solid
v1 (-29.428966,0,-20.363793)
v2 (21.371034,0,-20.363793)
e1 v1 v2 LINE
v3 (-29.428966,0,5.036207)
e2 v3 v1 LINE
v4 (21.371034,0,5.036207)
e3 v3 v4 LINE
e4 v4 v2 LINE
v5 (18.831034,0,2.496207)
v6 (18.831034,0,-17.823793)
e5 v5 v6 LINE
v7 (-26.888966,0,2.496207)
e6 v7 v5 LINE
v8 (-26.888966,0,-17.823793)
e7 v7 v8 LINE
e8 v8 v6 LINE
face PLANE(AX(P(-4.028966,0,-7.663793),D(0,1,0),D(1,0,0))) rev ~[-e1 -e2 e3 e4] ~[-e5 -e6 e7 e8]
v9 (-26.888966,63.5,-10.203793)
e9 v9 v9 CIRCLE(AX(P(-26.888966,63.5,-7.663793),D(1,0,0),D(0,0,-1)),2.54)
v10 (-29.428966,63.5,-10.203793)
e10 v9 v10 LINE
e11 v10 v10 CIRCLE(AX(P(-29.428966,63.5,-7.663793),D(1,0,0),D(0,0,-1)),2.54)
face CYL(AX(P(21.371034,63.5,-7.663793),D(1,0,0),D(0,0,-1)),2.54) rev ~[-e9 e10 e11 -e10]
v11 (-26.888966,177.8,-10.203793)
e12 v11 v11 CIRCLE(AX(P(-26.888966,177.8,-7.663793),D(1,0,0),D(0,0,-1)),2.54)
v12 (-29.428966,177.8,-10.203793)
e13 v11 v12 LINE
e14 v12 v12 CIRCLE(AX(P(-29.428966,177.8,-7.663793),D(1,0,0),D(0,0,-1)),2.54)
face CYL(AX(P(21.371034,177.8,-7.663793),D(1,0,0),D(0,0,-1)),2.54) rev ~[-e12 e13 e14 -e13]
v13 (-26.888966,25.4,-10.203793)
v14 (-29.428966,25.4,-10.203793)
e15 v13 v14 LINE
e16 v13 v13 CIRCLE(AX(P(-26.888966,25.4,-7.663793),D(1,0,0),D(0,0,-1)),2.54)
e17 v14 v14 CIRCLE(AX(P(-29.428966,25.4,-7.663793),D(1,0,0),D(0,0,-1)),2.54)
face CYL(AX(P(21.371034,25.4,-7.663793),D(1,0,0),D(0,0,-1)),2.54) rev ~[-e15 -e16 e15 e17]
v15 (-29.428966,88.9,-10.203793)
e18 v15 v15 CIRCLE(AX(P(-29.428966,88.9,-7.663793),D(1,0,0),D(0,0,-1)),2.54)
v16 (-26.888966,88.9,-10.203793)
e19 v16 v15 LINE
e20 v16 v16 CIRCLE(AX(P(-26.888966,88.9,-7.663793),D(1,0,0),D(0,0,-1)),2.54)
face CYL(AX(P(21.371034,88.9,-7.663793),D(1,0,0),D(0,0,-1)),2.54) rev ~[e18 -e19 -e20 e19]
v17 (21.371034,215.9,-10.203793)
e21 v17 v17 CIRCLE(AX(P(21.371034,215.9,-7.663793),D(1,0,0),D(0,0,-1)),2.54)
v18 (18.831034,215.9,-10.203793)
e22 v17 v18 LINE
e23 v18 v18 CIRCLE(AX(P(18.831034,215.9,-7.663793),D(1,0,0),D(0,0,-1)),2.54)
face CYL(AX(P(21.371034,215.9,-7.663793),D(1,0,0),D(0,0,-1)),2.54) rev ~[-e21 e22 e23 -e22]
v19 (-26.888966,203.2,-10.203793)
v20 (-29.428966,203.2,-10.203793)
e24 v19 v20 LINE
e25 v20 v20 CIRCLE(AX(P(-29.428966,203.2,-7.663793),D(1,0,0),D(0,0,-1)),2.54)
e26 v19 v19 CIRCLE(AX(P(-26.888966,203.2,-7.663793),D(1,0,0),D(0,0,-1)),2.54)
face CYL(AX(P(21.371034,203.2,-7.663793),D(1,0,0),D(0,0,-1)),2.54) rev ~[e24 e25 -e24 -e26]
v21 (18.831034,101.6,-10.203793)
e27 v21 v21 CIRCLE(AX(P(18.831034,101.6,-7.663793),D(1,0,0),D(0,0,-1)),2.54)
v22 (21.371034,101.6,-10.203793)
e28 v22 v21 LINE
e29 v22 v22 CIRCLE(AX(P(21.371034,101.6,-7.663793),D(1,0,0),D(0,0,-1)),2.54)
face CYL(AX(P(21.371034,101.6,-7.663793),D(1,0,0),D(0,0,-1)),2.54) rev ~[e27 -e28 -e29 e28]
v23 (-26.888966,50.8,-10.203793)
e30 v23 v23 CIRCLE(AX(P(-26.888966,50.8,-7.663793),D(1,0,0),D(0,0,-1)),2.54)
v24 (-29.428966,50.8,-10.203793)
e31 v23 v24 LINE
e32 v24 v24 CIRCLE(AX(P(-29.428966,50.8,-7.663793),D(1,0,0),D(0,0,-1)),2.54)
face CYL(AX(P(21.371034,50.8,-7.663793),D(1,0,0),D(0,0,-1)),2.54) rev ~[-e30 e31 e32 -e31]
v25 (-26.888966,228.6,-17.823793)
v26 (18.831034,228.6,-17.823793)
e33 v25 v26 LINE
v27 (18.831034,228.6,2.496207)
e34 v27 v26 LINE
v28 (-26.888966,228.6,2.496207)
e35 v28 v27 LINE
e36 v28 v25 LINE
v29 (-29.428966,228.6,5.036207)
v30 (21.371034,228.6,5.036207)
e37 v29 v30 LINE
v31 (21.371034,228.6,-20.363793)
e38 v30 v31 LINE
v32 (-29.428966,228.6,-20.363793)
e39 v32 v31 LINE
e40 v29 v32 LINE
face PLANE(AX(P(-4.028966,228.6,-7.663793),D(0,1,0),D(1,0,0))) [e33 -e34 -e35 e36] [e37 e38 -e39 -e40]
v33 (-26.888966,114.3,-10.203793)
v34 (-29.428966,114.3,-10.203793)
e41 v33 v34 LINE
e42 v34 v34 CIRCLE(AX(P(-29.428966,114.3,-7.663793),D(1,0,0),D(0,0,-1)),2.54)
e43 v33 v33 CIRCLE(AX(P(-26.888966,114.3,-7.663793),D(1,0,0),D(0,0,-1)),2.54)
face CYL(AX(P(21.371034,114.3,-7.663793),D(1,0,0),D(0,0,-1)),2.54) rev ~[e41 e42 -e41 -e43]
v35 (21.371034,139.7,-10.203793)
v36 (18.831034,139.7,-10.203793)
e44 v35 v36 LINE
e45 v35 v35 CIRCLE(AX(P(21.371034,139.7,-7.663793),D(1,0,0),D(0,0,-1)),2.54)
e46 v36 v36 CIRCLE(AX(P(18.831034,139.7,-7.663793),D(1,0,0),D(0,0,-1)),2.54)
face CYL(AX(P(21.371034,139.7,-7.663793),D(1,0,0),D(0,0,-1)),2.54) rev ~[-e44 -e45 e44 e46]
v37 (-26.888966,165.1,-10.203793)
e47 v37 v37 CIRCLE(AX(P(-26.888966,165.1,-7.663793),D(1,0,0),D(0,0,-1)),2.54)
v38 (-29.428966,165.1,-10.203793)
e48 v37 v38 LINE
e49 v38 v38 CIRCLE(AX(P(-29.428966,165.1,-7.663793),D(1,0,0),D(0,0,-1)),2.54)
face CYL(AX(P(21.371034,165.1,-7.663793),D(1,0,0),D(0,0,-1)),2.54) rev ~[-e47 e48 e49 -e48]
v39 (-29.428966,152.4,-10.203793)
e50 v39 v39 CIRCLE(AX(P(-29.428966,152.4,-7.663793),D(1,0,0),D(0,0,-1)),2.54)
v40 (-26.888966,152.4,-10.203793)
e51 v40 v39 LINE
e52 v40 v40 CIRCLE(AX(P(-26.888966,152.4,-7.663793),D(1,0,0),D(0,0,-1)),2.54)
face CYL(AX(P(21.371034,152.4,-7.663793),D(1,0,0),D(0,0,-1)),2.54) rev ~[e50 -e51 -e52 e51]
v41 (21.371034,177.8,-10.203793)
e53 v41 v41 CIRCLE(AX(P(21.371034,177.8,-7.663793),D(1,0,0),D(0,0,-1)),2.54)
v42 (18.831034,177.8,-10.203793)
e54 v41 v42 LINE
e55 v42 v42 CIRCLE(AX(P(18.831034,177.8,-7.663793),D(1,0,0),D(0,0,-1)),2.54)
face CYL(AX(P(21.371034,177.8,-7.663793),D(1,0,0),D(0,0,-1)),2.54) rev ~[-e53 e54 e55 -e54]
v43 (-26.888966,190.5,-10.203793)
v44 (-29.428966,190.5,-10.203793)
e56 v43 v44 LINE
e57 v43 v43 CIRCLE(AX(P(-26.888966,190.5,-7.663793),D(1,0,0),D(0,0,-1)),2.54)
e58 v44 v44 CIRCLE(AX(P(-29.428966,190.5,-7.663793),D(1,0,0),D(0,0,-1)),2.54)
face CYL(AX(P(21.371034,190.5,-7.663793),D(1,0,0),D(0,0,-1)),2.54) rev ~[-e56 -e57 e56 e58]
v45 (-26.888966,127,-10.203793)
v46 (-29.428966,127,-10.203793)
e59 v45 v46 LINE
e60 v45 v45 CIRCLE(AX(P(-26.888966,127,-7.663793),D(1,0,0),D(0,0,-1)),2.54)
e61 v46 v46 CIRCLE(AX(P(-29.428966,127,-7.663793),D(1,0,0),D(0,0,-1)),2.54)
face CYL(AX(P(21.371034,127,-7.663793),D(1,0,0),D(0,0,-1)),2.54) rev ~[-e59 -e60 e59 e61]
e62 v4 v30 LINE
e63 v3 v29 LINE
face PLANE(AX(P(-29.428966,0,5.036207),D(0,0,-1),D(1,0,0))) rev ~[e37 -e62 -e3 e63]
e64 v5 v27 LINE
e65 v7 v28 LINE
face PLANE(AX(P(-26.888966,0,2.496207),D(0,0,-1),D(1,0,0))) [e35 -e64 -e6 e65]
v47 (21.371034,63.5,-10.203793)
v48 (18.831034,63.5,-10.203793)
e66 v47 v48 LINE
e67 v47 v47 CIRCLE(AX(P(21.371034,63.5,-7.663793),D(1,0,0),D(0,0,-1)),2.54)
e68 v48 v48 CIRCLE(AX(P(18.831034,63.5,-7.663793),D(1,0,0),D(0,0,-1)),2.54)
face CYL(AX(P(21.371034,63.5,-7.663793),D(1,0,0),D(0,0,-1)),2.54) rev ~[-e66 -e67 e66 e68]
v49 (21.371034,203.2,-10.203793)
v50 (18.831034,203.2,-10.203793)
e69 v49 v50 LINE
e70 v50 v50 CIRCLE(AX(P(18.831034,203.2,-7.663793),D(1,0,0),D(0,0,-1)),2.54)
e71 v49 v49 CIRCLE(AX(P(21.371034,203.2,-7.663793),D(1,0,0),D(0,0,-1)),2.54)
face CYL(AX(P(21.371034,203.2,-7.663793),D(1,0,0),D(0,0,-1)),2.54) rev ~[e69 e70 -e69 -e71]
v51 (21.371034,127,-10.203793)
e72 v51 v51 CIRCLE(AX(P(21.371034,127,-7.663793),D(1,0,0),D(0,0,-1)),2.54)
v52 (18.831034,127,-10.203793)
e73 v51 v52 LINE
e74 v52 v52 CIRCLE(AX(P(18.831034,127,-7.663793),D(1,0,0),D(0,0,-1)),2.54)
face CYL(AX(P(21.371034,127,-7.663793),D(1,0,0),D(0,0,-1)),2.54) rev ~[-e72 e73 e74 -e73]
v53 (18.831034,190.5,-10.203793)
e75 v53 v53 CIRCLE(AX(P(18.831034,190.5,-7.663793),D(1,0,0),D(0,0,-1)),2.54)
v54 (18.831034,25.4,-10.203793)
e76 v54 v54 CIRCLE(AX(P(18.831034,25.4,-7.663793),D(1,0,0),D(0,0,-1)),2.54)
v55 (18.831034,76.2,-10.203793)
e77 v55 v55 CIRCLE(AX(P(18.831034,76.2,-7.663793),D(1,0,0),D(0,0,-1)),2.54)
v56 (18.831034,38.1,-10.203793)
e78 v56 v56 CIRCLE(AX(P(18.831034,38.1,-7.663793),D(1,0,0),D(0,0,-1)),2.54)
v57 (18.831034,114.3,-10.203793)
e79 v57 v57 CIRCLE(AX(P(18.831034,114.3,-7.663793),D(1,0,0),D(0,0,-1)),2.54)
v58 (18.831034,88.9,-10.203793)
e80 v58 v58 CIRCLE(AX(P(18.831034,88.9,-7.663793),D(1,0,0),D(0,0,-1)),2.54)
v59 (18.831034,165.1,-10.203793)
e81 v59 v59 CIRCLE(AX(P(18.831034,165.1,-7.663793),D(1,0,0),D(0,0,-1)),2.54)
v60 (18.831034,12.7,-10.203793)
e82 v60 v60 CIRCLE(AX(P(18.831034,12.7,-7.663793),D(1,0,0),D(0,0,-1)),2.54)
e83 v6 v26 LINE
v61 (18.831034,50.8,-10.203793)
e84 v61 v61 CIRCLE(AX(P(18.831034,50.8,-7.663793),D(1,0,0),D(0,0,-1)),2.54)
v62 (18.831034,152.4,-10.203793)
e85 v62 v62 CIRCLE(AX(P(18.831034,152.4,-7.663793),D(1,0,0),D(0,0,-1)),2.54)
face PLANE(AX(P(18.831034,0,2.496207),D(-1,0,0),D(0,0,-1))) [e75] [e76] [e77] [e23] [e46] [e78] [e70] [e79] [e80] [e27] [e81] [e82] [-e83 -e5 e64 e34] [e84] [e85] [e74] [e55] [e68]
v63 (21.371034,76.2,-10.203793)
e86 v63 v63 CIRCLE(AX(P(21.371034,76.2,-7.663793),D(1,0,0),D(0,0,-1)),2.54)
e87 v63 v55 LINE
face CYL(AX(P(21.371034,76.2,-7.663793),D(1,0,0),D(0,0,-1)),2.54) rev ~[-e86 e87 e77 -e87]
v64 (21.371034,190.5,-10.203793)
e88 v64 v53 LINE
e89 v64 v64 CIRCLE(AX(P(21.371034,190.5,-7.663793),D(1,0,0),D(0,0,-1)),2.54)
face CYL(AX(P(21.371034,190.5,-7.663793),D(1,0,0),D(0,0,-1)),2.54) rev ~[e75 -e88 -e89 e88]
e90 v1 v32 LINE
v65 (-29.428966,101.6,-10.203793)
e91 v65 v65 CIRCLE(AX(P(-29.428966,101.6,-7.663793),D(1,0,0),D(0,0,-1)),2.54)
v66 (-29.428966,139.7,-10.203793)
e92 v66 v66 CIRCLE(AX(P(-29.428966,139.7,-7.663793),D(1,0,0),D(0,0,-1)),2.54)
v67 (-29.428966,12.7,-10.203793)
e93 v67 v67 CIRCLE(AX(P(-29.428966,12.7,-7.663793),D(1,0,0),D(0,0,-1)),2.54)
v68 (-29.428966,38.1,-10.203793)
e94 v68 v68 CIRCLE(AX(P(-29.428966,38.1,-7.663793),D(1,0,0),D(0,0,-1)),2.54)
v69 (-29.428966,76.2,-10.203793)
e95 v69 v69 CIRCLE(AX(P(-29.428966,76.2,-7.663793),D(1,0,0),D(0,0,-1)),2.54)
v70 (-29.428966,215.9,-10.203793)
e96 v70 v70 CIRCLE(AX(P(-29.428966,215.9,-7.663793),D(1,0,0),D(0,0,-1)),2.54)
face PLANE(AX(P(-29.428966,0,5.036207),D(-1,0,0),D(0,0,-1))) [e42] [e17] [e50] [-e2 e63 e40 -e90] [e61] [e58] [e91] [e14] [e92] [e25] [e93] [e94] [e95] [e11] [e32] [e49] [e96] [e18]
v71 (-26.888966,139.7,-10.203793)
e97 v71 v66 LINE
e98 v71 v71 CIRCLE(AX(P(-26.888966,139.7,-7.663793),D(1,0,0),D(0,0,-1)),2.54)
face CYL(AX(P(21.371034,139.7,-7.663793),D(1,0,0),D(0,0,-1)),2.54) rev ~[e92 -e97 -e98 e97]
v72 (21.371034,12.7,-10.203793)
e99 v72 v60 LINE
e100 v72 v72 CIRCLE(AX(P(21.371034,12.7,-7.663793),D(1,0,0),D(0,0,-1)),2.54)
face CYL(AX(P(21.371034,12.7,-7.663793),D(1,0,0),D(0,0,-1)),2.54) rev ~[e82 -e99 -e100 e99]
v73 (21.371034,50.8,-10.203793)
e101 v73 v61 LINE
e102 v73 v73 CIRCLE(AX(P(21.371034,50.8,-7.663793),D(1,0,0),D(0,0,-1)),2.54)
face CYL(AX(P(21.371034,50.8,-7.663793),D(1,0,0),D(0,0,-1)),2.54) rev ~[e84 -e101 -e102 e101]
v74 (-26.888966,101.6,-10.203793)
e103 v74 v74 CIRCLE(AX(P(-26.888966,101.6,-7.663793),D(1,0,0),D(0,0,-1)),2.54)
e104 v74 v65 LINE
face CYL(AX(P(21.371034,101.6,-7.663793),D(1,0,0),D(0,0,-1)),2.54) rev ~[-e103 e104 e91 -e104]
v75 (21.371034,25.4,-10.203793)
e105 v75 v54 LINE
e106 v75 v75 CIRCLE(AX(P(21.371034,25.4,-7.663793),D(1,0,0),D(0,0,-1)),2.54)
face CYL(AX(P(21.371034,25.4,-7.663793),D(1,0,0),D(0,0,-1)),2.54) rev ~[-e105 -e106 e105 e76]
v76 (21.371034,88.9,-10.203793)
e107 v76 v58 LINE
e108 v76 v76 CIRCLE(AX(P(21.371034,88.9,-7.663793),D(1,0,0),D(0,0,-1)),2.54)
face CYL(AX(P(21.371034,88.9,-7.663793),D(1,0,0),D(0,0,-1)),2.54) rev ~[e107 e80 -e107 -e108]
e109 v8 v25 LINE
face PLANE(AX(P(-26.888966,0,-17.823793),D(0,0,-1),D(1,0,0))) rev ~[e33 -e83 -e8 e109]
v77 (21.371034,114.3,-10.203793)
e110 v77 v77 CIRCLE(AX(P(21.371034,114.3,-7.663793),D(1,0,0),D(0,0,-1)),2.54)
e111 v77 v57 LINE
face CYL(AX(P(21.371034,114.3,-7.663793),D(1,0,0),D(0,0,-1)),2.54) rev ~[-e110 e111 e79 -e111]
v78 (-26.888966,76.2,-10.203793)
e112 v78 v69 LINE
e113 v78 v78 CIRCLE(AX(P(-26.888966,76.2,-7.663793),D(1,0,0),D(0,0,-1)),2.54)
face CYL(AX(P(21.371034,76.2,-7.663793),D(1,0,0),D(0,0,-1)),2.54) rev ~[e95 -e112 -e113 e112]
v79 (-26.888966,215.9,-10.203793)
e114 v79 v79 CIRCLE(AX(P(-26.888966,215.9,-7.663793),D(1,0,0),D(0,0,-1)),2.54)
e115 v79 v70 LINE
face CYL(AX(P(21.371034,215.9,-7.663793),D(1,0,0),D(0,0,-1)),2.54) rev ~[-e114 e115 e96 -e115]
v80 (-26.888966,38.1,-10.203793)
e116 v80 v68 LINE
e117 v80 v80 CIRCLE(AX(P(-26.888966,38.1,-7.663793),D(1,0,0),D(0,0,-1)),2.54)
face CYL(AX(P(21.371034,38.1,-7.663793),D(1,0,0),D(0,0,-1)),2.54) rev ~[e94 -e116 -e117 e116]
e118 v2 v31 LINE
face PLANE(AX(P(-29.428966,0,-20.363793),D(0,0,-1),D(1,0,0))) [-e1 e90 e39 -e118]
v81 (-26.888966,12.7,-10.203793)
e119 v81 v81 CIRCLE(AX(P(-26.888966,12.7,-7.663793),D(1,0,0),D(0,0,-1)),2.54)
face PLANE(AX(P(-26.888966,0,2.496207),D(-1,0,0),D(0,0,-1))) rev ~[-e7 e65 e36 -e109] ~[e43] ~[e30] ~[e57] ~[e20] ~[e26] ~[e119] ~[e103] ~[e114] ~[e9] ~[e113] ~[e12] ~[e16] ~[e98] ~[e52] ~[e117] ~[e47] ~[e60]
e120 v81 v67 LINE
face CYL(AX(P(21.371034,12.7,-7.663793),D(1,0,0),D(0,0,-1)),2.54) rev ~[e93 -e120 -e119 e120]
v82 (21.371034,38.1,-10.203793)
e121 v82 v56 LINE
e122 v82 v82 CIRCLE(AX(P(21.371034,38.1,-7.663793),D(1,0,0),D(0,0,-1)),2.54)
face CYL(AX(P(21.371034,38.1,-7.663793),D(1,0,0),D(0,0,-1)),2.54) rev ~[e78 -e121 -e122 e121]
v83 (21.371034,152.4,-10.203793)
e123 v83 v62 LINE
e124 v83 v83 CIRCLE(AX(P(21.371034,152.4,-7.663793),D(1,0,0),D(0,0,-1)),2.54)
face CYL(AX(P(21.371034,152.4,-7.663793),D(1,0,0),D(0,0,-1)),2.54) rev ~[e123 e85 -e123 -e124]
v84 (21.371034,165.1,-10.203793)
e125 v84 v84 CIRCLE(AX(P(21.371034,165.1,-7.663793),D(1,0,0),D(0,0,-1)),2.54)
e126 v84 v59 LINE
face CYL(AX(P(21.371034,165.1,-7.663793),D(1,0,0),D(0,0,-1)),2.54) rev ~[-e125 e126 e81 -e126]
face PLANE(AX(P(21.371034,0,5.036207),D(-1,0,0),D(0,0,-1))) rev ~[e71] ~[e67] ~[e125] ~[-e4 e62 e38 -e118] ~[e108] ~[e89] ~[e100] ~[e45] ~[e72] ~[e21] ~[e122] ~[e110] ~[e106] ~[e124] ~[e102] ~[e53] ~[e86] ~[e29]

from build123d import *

# Parameters (mm, degrees)
SKETCH1_W           = 50.8
SKETCH1_H           = 25.4
SKETCH1_W_2         = 45.72
SKETCH1_H_2         = 20.32
BOSS_EXTRUDE1_DEPTH = 228.6
SKETCH2_R           = 2.54
CUT_EXTRUDE1_DEPTH  = 228.6


with BuildPart() as part:
    # Sketch1 → Boss-Extrude1 (new body)
    with BuildSketch(Plane(origin=(0, 0, 0), x_dir=(1, 0, 0), z_dir=(0, 1, 0))):
        with Locations((-4.028965517, 7.663793103)):
            Rectangle(SKETCH1_W, SKETCH1_H)
        with Locations((-4.028965517, 7.663793103)):
            Rectangle(SKETCH1_W_2, SKETCH1_H_2, mode=Mode.SUBTRACT)
    extrude(amount=BOSS_EXTRUDE1_DEPTH)

    # Sketch2 → Cut-Extrude1 (cut)
    with BuildSketch(Plane(origin=(21.371034483, 0, 0), x_dir=(0, 0, -1), z_dir=(1, 0, 0))):
        with Locations((7.663793103, 215.9)):
            Circle(SKETCH2_R)
        with Locations((7.663793103, 203.2)):
            Circle(SKETCH2_R)
        with Locations((7.663793103, 190.5)):
            Circle(SKETCH2_R)
        with Locations((7.663793103, 177.8)):
            Circle(SKETCH2_R)
        with Locations((7.663793103, 165.1)):
            Circle(SKETCH2_R)
        with Locations((7.663793103, 152.4)):
            Circle(SKETCH2_R)
        with Locations((7.663793103, 139.7)):
            Circle(SKETCH2_R)
        with Locations((7.663793103, 127)):
            Circle(SKETCH2_R)
        with Locations((7.663793103, 114.3)):
            Circle(SKETCH2_R)
        with Locations((7.663793103, 101.6)):
            Circle(SKETCH2_R)
        with Locations((7.663793103, 88.9)):
            Circle(SKETCH2_R)
        with Locations((7.663793103, 76.2)):
            Circle(SKETCH2_R)
        with Locations((7.663793103, 63.5)):
            Circle(SKETCH2_R)
        with Locations((7.663793103, 50.8)):
            Circle(SKETCH2_R)
        with Locations((7.663793103, 38.1)):
            Circle(SKETCH2_R)
        with Locations((7.663793103, 25.4)):
            Circle(SKETCH2_R)
        with Locations((7.663793103, 12.7)):
            Circle(SKETCH2_R)
    extrude(amount=-CUT_EXTRUDE1_DEPTH, mode=Mode.SUBTRACT)


solid = part.part
